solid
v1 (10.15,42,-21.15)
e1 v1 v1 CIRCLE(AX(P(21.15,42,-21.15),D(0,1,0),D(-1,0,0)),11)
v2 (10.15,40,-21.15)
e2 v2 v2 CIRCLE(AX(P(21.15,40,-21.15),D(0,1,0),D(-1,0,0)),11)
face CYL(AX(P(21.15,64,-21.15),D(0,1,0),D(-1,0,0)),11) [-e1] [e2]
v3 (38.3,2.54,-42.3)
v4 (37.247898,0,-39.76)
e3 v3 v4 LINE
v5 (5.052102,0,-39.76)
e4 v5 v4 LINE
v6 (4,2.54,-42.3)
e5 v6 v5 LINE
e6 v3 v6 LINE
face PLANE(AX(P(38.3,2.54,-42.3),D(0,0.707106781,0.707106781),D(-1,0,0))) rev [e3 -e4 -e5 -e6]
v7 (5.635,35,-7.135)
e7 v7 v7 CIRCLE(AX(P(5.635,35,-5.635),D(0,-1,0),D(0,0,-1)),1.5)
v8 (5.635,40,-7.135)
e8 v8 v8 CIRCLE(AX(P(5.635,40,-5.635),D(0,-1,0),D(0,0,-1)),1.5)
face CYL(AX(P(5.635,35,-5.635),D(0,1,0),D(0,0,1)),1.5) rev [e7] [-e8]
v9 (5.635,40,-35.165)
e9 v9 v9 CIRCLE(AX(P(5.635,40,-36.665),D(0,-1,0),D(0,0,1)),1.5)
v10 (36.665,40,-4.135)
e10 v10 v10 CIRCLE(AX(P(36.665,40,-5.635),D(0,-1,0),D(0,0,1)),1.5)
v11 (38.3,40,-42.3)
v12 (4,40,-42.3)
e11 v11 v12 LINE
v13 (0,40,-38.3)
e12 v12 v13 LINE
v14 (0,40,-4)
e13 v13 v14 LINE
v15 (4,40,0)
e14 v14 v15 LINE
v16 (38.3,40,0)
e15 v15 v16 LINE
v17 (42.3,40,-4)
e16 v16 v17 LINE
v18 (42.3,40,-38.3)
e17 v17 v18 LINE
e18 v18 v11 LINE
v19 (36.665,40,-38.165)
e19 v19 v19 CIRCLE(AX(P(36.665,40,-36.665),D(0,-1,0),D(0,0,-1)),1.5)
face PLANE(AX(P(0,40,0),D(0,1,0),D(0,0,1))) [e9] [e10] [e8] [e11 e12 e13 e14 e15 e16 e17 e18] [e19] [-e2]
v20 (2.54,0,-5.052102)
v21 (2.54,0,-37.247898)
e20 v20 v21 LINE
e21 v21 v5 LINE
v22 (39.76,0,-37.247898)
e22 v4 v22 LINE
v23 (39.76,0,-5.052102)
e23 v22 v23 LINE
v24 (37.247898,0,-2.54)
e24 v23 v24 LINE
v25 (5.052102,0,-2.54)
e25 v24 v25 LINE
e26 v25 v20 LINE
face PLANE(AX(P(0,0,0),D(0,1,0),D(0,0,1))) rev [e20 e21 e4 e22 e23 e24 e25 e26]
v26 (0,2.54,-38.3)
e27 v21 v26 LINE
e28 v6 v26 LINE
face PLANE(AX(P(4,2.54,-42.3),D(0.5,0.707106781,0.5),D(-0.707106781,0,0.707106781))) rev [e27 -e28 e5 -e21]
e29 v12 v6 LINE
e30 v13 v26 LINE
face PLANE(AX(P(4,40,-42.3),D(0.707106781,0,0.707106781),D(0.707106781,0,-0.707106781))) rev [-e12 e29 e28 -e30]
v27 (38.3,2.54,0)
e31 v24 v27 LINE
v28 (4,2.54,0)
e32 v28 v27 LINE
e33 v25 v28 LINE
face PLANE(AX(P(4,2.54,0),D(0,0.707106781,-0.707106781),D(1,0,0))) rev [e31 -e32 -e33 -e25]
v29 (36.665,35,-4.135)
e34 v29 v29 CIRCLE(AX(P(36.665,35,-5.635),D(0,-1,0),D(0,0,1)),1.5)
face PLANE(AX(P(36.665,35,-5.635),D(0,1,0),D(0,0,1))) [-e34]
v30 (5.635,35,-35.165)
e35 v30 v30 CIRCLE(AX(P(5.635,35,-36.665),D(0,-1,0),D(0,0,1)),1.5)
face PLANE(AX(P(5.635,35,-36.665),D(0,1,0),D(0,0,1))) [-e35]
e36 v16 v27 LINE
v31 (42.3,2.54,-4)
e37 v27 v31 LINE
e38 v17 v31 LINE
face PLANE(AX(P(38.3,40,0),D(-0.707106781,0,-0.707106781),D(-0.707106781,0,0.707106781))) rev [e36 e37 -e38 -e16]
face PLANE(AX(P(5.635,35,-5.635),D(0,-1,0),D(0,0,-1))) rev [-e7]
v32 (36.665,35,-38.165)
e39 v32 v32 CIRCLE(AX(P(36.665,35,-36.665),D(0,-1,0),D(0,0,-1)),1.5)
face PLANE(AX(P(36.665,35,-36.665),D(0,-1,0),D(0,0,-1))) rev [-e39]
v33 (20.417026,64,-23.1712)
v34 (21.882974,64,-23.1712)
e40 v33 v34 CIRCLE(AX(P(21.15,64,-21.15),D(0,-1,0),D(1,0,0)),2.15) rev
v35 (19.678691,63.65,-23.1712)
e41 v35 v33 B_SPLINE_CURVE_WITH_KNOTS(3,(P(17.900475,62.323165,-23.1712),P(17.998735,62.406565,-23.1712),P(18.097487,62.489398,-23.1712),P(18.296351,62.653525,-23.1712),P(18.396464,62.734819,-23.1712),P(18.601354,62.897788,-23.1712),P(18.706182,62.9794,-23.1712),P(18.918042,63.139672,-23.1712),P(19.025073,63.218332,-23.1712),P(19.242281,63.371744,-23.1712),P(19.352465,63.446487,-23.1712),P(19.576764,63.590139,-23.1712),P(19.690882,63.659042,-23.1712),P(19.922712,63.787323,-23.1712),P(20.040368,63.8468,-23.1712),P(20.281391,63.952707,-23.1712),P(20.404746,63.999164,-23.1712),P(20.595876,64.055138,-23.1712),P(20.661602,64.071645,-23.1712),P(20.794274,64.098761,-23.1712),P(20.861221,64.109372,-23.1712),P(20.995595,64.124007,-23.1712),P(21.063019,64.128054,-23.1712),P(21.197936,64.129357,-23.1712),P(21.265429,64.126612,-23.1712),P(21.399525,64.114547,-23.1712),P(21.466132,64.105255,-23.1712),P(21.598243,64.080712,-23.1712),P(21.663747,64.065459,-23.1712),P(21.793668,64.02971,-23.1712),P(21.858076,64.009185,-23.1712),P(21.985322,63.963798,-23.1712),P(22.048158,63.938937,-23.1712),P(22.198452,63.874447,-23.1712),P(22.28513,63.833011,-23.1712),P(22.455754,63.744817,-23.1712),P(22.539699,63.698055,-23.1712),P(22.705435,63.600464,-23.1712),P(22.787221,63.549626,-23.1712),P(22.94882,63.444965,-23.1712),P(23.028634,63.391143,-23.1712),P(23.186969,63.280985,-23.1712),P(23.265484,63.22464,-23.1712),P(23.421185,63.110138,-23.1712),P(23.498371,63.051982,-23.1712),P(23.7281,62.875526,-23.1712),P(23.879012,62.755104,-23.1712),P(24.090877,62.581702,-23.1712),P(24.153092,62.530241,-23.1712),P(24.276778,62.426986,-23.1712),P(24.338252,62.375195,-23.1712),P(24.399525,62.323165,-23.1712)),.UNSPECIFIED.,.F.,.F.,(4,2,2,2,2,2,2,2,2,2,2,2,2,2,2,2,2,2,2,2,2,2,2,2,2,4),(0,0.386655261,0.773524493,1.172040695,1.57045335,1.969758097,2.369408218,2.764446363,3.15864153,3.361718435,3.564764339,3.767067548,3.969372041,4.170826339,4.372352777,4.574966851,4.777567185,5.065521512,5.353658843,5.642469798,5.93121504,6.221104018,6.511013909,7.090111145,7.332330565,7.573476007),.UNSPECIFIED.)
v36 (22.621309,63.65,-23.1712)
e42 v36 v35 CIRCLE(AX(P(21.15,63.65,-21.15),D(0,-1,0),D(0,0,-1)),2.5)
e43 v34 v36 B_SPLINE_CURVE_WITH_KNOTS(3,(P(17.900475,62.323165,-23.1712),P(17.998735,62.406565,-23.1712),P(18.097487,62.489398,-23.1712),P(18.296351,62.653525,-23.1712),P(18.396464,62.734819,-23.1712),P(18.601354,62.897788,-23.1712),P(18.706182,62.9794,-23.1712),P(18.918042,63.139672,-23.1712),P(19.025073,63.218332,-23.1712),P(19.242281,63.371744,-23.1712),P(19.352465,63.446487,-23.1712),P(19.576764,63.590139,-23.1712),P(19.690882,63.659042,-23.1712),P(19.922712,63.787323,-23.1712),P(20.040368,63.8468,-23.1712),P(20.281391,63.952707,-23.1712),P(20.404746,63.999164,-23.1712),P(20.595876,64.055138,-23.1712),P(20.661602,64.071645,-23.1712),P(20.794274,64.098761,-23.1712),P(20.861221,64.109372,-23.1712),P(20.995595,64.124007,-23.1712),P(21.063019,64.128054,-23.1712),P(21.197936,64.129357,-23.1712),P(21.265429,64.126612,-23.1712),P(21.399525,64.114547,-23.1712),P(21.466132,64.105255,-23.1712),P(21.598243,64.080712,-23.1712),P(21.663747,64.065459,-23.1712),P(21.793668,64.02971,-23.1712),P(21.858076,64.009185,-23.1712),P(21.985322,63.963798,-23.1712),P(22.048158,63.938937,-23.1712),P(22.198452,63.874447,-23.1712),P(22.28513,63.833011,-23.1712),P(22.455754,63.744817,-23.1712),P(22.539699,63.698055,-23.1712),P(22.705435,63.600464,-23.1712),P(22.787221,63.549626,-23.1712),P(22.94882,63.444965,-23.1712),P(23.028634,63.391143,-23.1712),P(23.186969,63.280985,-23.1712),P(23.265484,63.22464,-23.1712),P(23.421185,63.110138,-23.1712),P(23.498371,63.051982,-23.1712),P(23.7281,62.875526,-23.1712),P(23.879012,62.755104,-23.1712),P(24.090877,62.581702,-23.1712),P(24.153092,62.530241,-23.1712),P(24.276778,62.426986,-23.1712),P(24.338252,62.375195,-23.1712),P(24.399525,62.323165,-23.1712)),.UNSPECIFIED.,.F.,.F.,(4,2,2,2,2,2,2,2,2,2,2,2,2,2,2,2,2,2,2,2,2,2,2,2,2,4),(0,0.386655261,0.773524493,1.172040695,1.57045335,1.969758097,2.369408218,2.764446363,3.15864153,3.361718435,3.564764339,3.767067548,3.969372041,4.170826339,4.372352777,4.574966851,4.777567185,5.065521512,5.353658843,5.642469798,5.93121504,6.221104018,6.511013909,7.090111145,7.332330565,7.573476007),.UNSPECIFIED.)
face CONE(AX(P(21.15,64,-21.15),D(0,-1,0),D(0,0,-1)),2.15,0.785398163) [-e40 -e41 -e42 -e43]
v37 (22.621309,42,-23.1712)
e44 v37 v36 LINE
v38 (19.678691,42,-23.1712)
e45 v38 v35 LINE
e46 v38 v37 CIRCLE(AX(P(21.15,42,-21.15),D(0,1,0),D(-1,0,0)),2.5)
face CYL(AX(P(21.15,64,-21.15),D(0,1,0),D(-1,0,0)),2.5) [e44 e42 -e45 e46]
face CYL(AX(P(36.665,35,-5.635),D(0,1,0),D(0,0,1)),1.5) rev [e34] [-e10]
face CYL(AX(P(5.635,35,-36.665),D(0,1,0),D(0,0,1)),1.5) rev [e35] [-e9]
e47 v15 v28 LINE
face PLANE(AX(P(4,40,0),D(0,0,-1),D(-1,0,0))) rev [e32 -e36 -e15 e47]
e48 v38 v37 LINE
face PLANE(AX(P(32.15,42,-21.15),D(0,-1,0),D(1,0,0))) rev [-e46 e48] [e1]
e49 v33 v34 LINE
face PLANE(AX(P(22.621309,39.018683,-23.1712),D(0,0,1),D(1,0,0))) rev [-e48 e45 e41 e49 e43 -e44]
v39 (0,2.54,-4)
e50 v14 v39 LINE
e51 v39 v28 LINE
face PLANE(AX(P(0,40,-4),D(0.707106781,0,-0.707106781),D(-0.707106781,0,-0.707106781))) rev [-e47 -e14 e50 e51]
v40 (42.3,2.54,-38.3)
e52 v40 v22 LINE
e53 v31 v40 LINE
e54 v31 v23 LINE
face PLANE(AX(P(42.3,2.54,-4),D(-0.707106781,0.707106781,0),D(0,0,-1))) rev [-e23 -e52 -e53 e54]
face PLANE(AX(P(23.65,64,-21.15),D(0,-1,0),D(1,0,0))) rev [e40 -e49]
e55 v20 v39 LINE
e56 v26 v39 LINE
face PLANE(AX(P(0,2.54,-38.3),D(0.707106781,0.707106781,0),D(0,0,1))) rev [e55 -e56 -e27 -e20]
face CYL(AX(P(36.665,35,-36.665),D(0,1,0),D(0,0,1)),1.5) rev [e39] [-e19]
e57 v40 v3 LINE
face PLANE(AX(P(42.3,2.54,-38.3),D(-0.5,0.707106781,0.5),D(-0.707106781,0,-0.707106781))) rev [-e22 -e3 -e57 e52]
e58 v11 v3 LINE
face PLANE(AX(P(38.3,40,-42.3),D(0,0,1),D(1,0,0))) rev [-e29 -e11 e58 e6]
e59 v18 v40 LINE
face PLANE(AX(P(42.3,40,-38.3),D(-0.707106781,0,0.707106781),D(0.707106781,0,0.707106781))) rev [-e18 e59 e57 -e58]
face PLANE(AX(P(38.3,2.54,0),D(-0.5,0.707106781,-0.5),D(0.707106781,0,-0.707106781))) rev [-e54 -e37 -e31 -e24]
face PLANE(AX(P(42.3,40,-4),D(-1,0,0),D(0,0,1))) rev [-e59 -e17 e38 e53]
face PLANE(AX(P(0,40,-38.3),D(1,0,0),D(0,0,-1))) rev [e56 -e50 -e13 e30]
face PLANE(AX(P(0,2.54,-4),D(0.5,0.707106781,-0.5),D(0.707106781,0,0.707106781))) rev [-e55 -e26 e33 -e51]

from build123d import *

# Parameters (mm, degrees)
BOSS_EXTRUDE1_DEPTH = 40
SKETCH2_R           = 1.5
CUT_EXTRUDE1_DEPTH  = 5
CHAMFER1_SIZE       = 0.35
D_SHAFT_DEPTH       = 22
CHAMFER2_SIZE       = 2.54


with BuildPart() as part:
    # Sketch1 → Boss-Extrude1 (new body)
    with BuildSketch(Plane(origin=(0, 0, 0), x_dir=(1, 0, 0), z_dir=(0, 1, 0))):
        Polygon((4, 42.3), (0, 38.3), (0, 4), (4, 0), (38.3, 0), (42.3, 4), (42.3, 38.3), (38.3, 42.3), align=None)
    extrude(amount=BOSS_EXTRUDE1_DEPTH)

    # Sketch2 → Cut-Extrude1 (cut)
    with BuildSketch(Plane.XZ.offset(-40)):
        with Locations((5.635, -5.635)):
            Circle(SKETCH2_R)
        with Locations((36.665, -5.635)):
            Circle(SKETCH2_R)
        with Locations((36.665, -36.665)):
            Circle(SKETCH2_R)
        with Locations((5.635, -36.665)):
            Circle(SKETCH2_R)
    extrude(amount=CUT_EXTRUDE1_DEPTH, mode=Mode.SUBTRACT)

    # Sketch6 → Revolve1 (revolve)
    with BuildSketch(Plane.XY.offset(-21.15)):
        Polygon((21.15, 40), (32.15, 40), (32.15, 42), (23.65, 42), (23.65, 64), (21.15, 64), align=None)
    revolve(axis=Axis((21.15, 64, -21.15), (0, -1, 0)))

    # Chamfer1
    chamfer1_edges = [part.edges().sort_by_distance(p)[0] for p in [
        (18.65, 64, -21.15),
    ]]
    chamfer(chamfer1_edges, length=CHAMFER1_SIZE)

    # Sketch7 → D shaft (cut)
    with BuildSketch(Plane(origin=(0, 64, 0), x_dir=(1, 0, 0), z_dir=(0, 1, 0))):
        with BuildLine():
            Line((22.621309131, 23.1712), (19.678690869, 23.1712))
            ThreePointArc((19.678690869, 23.1712), (21.15, 23.65), (22.621309131, 23.1712))
        make_face()
    extrude(amount=-D_SHAFT_DEPTH, mode=Mode.SUBTRACT)

    # Chamfer2
    chamfer2_edges = [part.edges().sort_by_distance(p)[0] for p in [
        (2, 0, -40.3),
        (21.15, 0, -42.3),
        (40.3, 0, -40.3),
        (42.3, 0, -21.15),
        (40.3, 0, -2),
        (21.15, 0, 0),
        (2, 0, -2),
        (0, 0, -21.15),
    ]]
    chamfer(chamfer2_edges, length=CHAMFER2_SIZE)


solid = part.part
